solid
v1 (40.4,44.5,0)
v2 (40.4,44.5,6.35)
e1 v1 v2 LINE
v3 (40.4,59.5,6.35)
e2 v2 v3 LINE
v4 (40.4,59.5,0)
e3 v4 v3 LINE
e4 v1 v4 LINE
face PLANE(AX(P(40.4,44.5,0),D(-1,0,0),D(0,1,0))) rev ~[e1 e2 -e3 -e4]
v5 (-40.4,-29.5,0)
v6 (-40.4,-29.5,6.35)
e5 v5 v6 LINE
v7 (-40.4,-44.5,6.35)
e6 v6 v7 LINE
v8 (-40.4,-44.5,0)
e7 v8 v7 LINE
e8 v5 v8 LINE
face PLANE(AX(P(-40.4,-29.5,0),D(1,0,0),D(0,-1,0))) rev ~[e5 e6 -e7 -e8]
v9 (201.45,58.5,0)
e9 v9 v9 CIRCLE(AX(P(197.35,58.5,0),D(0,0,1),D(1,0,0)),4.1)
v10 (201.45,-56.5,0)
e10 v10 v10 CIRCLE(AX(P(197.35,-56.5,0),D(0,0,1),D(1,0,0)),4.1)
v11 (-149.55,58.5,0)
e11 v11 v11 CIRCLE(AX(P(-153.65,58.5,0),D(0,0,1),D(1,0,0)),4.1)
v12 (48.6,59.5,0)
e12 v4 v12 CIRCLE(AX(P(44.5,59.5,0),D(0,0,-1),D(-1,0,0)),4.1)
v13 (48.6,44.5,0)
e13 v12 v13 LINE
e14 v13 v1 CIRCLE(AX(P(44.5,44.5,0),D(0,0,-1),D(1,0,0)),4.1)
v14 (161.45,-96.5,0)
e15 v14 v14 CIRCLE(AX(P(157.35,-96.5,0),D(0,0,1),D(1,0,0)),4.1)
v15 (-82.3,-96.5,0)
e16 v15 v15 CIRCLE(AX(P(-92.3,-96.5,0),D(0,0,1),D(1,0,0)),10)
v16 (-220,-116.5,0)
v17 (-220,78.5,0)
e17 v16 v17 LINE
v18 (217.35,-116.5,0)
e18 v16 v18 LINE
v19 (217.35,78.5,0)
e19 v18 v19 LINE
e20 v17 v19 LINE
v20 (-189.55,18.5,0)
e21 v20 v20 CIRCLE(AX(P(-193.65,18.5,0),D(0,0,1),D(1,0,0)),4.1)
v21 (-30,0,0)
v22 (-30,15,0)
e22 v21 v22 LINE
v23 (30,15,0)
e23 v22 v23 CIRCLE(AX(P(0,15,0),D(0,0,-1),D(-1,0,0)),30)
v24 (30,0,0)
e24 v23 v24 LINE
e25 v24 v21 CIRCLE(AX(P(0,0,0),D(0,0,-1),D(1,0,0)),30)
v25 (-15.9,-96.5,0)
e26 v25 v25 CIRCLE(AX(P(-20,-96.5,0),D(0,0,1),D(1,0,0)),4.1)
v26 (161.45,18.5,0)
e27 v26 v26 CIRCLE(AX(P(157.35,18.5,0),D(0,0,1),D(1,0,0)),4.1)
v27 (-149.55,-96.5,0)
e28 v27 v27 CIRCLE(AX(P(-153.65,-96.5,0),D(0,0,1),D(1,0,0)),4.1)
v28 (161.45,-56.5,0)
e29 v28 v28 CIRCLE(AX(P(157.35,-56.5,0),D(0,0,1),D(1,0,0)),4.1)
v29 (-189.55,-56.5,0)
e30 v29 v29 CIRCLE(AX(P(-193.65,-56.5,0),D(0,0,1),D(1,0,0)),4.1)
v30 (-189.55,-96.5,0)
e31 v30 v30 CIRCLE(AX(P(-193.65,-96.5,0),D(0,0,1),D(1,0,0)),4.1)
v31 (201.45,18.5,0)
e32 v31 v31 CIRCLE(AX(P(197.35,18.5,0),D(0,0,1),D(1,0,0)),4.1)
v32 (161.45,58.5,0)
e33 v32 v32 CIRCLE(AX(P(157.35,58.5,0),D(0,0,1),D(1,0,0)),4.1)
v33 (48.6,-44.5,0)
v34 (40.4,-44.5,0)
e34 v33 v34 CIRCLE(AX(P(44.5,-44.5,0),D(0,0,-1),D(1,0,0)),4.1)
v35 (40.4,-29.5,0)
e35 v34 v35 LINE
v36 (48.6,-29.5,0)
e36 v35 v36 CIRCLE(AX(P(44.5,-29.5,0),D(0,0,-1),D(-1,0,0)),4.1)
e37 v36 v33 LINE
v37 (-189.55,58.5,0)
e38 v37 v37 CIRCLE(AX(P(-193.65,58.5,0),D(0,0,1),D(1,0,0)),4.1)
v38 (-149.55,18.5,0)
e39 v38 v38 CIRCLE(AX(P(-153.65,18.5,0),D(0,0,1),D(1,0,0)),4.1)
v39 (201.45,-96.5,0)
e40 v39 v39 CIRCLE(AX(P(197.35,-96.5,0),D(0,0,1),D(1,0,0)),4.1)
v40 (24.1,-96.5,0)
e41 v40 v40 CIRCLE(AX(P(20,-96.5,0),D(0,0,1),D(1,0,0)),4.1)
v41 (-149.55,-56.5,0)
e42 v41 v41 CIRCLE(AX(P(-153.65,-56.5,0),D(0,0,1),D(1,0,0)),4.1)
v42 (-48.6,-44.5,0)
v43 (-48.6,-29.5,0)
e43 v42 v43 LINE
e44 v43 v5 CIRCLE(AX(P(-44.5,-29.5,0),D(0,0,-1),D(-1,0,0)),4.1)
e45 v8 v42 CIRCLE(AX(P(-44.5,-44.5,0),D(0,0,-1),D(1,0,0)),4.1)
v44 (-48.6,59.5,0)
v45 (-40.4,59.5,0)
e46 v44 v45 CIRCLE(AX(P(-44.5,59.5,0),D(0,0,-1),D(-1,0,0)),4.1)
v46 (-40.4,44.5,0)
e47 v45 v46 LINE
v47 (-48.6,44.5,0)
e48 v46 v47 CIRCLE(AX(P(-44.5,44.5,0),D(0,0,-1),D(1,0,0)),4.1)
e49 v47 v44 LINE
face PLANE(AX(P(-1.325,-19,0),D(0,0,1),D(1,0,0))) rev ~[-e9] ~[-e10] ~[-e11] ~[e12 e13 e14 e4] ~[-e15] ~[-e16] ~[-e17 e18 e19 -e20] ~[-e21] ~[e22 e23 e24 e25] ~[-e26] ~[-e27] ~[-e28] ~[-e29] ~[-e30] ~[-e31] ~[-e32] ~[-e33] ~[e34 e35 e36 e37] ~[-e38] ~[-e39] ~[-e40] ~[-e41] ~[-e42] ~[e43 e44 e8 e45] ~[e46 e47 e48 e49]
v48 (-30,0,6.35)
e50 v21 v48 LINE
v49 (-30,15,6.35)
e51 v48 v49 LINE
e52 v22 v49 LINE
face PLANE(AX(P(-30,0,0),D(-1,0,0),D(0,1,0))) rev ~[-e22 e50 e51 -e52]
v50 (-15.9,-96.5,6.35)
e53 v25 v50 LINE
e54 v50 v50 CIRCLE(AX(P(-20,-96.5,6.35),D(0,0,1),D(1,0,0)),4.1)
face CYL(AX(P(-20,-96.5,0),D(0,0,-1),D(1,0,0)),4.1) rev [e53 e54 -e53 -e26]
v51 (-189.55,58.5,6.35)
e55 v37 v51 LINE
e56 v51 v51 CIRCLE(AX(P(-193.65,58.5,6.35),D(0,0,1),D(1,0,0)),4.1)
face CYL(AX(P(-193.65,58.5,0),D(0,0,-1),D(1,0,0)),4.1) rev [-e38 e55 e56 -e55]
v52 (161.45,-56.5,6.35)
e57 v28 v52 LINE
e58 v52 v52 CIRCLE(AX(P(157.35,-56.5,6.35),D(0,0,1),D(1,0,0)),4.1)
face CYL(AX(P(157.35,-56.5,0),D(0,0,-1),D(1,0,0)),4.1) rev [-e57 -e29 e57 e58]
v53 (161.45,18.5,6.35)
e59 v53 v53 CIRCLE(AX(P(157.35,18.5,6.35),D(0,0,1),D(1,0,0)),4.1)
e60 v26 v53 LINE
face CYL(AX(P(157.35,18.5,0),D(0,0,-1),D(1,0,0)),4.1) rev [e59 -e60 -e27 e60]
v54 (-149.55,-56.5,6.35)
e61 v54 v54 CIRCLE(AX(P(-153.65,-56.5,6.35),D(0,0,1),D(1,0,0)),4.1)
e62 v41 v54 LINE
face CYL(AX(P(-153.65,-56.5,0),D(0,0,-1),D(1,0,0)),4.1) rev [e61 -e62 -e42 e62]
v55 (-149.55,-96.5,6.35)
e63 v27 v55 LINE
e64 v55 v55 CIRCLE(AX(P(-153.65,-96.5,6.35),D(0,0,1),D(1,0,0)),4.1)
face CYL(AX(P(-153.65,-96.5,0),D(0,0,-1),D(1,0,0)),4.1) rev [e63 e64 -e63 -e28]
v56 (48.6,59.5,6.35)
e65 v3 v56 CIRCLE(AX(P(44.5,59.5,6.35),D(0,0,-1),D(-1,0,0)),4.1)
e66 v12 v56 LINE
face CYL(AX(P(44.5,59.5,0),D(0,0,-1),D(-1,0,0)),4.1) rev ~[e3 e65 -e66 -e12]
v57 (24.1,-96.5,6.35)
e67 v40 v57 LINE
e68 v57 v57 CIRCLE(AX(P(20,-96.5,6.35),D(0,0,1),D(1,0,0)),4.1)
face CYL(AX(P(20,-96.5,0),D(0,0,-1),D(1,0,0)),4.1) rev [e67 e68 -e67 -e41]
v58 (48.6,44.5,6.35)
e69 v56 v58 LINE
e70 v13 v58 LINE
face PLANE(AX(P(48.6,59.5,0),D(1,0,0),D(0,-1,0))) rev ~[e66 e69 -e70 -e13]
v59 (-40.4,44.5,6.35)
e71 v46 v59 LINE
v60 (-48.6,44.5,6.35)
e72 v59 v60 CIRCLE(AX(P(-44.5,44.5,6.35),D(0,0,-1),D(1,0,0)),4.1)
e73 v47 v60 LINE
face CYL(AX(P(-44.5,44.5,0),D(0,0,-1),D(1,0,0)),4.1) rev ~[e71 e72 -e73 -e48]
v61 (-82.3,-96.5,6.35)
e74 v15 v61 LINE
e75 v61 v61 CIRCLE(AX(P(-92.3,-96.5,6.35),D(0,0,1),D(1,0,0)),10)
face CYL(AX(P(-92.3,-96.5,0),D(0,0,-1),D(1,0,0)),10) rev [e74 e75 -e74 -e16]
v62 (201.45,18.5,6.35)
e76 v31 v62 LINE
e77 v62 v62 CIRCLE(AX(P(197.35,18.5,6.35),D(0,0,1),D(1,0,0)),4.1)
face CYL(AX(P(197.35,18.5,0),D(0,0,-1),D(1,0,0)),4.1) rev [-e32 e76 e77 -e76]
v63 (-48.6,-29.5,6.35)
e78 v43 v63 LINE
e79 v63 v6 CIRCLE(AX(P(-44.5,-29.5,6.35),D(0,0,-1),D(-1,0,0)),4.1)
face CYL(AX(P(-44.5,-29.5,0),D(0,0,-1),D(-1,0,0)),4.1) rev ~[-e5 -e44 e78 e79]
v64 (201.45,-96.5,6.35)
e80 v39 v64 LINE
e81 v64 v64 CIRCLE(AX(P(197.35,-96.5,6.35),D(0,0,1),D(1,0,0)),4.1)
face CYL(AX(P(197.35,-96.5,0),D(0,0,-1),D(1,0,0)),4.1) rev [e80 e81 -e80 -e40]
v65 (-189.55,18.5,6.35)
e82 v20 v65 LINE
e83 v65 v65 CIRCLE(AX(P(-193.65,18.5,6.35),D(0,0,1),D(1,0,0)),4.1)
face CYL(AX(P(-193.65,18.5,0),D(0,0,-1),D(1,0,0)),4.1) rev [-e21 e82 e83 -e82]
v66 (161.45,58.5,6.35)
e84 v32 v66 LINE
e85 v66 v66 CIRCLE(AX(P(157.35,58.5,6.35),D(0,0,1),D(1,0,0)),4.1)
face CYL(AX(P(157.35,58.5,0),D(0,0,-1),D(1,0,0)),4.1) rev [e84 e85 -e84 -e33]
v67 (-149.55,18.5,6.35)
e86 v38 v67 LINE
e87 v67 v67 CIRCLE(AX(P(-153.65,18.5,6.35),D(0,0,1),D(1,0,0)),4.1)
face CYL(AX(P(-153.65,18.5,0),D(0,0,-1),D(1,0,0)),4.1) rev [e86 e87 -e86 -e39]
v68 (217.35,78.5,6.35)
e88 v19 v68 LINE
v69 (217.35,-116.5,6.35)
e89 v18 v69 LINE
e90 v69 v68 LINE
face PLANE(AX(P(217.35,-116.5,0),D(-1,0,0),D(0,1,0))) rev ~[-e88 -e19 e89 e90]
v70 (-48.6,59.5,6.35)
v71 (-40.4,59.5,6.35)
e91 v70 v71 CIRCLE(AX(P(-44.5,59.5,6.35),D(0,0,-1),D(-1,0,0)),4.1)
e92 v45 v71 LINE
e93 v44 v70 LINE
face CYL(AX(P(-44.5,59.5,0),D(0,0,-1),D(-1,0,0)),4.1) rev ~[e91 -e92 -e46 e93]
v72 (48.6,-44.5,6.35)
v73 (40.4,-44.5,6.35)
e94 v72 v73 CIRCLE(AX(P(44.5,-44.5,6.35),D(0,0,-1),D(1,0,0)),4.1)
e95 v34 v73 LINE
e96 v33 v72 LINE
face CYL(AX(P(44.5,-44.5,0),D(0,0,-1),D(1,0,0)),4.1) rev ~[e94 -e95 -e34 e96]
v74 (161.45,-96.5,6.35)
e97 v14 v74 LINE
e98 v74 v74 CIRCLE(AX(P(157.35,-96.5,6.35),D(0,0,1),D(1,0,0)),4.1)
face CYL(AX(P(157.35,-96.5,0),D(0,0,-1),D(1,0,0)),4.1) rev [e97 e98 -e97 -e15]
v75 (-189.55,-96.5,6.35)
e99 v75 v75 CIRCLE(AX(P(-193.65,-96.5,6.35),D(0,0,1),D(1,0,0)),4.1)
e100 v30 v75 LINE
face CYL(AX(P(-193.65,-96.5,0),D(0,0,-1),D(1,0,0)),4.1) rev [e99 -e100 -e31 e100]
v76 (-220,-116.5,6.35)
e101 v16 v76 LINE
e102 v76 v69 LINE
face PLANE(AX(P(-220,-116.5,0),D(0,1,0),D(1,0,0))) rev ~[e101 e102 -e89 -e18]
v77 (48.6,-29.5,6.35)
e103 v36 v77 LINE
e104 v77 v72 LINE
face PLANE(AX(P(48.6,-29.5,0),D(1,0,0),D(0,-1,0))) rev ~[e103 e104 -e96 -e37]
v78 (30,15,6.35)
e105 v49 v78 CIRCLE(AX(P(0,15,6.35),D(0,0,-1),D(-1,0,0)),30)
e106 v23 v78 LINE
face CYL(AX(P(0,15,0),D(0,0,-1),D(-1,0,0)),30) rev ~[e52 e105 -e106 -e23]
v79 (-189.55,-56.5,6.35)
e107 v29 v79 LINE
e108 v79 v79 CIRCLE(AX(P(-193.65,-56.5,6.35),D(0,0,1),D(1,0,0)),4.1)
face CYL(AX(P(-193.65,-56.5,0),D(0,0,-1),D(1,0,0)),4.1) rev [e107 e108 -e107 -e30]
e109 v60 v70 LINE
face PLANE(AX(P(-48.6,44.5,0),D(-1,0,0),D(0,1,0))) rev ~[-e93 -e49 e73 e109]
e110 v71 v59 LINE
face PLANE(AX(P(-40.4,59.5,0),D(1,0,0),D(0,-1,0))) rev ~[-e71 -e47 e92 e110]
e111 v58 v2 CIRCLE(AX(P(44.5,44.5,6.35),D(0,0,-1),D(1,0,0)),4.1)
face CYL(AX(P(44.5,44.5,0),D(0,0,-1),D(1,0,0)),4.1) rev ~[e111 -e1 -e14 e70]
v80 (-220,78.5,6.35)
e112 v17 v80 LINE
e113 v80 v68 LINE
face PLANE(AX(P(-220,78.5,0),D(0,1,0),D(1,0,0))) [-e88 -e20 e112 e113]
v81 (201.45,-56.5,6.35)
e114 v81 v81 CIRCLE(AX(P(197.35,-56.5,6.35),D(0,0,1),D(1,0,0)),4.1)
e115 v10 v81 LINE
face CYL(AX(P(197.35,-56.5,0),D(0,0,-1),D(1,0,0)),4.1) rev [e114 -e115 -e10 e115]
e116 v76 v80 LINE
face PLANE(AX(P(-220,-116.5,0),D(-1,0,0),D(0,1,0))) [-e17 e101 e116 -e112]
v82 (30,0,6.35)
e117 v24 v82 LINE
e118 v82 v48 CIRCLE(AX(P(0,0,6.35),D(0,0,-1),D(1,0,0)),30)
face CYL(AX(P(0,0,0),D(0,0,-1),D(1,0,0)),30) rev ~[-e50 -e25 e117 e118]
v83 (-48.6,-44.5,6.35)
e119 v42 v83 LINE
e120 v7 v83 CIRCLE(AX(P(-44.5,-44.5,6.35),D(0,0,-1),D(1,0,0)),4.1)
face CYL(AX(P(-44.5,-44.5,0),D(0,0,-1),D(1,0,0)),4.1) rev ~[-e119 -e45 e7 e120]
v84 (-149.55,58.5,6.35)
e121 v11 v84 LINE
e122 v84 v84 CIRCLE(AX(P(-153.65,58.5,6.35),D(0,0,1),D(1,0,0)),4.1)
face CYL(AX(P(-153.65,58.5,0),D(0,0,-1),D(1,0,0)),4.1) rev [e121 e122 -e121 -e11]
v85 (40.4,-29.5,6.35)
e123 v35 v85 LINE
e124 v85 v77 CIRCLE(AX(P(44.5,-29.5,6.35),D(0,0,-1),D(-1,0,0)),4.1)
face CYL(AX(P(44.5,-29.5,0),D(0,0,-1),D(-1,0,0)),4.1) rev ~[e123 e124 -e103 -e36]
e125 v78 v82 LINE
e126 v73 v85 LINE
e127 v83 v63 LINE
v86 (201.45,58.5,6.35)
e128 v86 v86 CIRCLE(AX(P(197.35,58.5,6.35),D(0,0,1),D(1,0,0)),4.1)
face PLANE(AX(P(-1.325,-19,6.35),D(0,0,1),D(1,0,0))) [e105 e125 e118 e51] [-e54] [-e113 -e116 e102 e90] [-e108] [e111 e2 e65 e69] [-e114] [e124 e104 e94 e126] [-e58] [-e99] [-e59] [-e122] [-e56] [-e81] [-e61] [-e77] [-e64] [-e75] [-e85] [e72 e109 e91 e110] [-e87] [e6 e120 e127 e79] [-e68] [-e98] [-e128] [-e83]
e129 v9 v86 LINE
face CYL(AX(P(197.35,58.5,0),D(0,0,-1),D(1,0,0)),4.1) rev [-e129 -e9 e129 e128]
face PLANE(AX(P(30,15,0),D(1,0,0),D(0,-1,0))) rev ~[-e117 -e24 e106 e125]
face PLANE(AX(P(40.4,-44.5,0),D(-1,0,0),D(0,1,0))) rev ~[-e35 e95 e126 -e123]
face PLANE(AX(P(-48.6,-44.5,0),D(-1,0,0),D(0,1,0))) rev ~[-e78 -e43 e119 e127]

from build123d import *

# Parameters (mm, degrees)
SKETCH1_W           = 437.35
SKETCH1_H           = 195
SKETCH1_R           = 4.1
SKETCH1_R_2         = 10
BOSS_EXTRUDE1_DEPTH = 6.35


with BuildPart() as part:
    # Sketch1 → Boss-Extrude1 (new body)
    with BuildSketch(Plane.XY):
        with Locations((-1.325, -19)):
            Rectangle(SKETCH1_W, SKETCH1_H)
        with Locations((-193.65, 58.5)):
            Circle(SKETCH1_R, mode=Mode.SUBTRACT)
        with Locations((-153.65, 58.5)):
            Circle(SKETCH1_R, mode=Mode.SUBTRACT)
        with Locations((-153.65, 18.5)):
            Circle(SKETCH1_R, mode=Mode.SUBTRACT)
        with Locations((-193.65, 18.5)):
            Circle(SKETCH1_R, mode=Mode.SUBTRACT)
        with Locations((-193.65, -56.5)):
            Circle(SKETCH1_R, mode=Mode.SUBTRACT)
        with Locations((-153.65, -56.5)):
            Circle(SKETCH1_R, mode=Mode.SUBTRACT)
        with Locations((-153.65, -96.5)):
            Circle(SKETCH1_R, mode=Mode.SUBTRACT)
        with Locations((-193.65, -96.5)):
            Circle(SKETCH1_R, mode=Mode.SUBTRACT)
        with Locations((157.35, -56.5)):
            Circle(SKETCH1_R, mode=Mode.SUBTRACT)
        with Locations((197.35, -56.5)):
            Circle(SKETCH1_R, mode=Mode.SUBTRACT)
        with Locations((197.35, -96.5)):
            Circle(SKETCH1_R, mode=Mode.SUBTRACT)
        with Locations((157.35, -96.5)):
            Circle(SKETCH1_R, mode=Mode.SUBTRACT)
        with Locations((157.35, 18.5)):
            Circle(SKETCH1_R, mode=Mode.SUBTRACT)
        with Locations((197.35, 18.5)):
            Circle(SKETCH1_R, mode=Mode.SUBTRACT)
        with Locations((197.35, 58.5)):
            Circle(SKETCH1_R, mode=Mode.SUBTRACT)
        with Locations((157.35, 58.5)):
            Circle(SKETCH1_R, mode=Mode.SUBTRACT)
        with Locations((-92.3, -96.5)):
            Circle(SKETCH1_R_2, mode=Mode.SUBTRACT)
        with Locations((-20, -96.5)):
            Circle(SKETCH1_R, mode=Mode.SUBTRACT)
        with Locations((20, -96.5)):
            Circle(SKETCH1_R, mode=Mode.SUBTRACT)
        with BuildLine():
            Line((-48.6, -44.5), (-48.6, -29.5))
            ThreePointArc((-48.6, -29.5), (-44.5, -25.4), (-40.4, -29.5))
            Line((-40.4, -29.5), (-40.4, -44.5))
            ThreePointArc((-40.4, -44.5), (-44.5, -48.6), (-48.6, -44.5))
        make_face(mode=Mode.SUBTRACT)
        with BuildLine():
            Line((-48.6, 44.5), (-48.6, 59.5))
            ThreePointArc((-48.6, 59.5), (-44.5, 63.6), (-40.4, 59.5))
            Line((-40.4, 59.5), (-40.4, 44.5))
            ThreePointArc((-40.4, 44.5), (-44.5, 40.4), (-48.6, 44.5))
        make_face(mode=Mode.SUBTRACT)
        with BuildLine():
            Line((40.4, 44.5), (40.4, 59.5))
            ThreePointArc((40.4, 59.5), (44.5, 63.6), (48.6, 59.5))
            Line((48.6, 59.5), (48.6, 44.5))
            ThreePointArc((48.6, 44.5), (44.5, 40.4), (40.4, 44.5))
        make_face(mode=Mode.SUBTRACT)
        with BuildLine():
            Line((40.4, -44.5), (40.4, -29.5))
            ThreePointArc((40.4, -29.5), (44.5, -25.4), (48.6, -29.5))
            Line((48.6, -29.5), (48.6, -44.5))
            ThreePointArc((48.6, -44.5), (44.5, -48.6), (40.4, -44.5))
        make_face(mode=Mode.SUBTRACT)
        with BuildLine():
            Line((-30, 0), (-30, 15))
            ThreePointArc((-30, 15), (0, 45), (30, 15))
            Line((30, 15), (30, 0))
            ThreePointArc((30, 0), (0, -30), (-30, 0))
        make_face(mode=Mode.SUBTRACT)
    extrude(amount=BOSS_EXTRUDE1_DEPTH)


solid = part.part
